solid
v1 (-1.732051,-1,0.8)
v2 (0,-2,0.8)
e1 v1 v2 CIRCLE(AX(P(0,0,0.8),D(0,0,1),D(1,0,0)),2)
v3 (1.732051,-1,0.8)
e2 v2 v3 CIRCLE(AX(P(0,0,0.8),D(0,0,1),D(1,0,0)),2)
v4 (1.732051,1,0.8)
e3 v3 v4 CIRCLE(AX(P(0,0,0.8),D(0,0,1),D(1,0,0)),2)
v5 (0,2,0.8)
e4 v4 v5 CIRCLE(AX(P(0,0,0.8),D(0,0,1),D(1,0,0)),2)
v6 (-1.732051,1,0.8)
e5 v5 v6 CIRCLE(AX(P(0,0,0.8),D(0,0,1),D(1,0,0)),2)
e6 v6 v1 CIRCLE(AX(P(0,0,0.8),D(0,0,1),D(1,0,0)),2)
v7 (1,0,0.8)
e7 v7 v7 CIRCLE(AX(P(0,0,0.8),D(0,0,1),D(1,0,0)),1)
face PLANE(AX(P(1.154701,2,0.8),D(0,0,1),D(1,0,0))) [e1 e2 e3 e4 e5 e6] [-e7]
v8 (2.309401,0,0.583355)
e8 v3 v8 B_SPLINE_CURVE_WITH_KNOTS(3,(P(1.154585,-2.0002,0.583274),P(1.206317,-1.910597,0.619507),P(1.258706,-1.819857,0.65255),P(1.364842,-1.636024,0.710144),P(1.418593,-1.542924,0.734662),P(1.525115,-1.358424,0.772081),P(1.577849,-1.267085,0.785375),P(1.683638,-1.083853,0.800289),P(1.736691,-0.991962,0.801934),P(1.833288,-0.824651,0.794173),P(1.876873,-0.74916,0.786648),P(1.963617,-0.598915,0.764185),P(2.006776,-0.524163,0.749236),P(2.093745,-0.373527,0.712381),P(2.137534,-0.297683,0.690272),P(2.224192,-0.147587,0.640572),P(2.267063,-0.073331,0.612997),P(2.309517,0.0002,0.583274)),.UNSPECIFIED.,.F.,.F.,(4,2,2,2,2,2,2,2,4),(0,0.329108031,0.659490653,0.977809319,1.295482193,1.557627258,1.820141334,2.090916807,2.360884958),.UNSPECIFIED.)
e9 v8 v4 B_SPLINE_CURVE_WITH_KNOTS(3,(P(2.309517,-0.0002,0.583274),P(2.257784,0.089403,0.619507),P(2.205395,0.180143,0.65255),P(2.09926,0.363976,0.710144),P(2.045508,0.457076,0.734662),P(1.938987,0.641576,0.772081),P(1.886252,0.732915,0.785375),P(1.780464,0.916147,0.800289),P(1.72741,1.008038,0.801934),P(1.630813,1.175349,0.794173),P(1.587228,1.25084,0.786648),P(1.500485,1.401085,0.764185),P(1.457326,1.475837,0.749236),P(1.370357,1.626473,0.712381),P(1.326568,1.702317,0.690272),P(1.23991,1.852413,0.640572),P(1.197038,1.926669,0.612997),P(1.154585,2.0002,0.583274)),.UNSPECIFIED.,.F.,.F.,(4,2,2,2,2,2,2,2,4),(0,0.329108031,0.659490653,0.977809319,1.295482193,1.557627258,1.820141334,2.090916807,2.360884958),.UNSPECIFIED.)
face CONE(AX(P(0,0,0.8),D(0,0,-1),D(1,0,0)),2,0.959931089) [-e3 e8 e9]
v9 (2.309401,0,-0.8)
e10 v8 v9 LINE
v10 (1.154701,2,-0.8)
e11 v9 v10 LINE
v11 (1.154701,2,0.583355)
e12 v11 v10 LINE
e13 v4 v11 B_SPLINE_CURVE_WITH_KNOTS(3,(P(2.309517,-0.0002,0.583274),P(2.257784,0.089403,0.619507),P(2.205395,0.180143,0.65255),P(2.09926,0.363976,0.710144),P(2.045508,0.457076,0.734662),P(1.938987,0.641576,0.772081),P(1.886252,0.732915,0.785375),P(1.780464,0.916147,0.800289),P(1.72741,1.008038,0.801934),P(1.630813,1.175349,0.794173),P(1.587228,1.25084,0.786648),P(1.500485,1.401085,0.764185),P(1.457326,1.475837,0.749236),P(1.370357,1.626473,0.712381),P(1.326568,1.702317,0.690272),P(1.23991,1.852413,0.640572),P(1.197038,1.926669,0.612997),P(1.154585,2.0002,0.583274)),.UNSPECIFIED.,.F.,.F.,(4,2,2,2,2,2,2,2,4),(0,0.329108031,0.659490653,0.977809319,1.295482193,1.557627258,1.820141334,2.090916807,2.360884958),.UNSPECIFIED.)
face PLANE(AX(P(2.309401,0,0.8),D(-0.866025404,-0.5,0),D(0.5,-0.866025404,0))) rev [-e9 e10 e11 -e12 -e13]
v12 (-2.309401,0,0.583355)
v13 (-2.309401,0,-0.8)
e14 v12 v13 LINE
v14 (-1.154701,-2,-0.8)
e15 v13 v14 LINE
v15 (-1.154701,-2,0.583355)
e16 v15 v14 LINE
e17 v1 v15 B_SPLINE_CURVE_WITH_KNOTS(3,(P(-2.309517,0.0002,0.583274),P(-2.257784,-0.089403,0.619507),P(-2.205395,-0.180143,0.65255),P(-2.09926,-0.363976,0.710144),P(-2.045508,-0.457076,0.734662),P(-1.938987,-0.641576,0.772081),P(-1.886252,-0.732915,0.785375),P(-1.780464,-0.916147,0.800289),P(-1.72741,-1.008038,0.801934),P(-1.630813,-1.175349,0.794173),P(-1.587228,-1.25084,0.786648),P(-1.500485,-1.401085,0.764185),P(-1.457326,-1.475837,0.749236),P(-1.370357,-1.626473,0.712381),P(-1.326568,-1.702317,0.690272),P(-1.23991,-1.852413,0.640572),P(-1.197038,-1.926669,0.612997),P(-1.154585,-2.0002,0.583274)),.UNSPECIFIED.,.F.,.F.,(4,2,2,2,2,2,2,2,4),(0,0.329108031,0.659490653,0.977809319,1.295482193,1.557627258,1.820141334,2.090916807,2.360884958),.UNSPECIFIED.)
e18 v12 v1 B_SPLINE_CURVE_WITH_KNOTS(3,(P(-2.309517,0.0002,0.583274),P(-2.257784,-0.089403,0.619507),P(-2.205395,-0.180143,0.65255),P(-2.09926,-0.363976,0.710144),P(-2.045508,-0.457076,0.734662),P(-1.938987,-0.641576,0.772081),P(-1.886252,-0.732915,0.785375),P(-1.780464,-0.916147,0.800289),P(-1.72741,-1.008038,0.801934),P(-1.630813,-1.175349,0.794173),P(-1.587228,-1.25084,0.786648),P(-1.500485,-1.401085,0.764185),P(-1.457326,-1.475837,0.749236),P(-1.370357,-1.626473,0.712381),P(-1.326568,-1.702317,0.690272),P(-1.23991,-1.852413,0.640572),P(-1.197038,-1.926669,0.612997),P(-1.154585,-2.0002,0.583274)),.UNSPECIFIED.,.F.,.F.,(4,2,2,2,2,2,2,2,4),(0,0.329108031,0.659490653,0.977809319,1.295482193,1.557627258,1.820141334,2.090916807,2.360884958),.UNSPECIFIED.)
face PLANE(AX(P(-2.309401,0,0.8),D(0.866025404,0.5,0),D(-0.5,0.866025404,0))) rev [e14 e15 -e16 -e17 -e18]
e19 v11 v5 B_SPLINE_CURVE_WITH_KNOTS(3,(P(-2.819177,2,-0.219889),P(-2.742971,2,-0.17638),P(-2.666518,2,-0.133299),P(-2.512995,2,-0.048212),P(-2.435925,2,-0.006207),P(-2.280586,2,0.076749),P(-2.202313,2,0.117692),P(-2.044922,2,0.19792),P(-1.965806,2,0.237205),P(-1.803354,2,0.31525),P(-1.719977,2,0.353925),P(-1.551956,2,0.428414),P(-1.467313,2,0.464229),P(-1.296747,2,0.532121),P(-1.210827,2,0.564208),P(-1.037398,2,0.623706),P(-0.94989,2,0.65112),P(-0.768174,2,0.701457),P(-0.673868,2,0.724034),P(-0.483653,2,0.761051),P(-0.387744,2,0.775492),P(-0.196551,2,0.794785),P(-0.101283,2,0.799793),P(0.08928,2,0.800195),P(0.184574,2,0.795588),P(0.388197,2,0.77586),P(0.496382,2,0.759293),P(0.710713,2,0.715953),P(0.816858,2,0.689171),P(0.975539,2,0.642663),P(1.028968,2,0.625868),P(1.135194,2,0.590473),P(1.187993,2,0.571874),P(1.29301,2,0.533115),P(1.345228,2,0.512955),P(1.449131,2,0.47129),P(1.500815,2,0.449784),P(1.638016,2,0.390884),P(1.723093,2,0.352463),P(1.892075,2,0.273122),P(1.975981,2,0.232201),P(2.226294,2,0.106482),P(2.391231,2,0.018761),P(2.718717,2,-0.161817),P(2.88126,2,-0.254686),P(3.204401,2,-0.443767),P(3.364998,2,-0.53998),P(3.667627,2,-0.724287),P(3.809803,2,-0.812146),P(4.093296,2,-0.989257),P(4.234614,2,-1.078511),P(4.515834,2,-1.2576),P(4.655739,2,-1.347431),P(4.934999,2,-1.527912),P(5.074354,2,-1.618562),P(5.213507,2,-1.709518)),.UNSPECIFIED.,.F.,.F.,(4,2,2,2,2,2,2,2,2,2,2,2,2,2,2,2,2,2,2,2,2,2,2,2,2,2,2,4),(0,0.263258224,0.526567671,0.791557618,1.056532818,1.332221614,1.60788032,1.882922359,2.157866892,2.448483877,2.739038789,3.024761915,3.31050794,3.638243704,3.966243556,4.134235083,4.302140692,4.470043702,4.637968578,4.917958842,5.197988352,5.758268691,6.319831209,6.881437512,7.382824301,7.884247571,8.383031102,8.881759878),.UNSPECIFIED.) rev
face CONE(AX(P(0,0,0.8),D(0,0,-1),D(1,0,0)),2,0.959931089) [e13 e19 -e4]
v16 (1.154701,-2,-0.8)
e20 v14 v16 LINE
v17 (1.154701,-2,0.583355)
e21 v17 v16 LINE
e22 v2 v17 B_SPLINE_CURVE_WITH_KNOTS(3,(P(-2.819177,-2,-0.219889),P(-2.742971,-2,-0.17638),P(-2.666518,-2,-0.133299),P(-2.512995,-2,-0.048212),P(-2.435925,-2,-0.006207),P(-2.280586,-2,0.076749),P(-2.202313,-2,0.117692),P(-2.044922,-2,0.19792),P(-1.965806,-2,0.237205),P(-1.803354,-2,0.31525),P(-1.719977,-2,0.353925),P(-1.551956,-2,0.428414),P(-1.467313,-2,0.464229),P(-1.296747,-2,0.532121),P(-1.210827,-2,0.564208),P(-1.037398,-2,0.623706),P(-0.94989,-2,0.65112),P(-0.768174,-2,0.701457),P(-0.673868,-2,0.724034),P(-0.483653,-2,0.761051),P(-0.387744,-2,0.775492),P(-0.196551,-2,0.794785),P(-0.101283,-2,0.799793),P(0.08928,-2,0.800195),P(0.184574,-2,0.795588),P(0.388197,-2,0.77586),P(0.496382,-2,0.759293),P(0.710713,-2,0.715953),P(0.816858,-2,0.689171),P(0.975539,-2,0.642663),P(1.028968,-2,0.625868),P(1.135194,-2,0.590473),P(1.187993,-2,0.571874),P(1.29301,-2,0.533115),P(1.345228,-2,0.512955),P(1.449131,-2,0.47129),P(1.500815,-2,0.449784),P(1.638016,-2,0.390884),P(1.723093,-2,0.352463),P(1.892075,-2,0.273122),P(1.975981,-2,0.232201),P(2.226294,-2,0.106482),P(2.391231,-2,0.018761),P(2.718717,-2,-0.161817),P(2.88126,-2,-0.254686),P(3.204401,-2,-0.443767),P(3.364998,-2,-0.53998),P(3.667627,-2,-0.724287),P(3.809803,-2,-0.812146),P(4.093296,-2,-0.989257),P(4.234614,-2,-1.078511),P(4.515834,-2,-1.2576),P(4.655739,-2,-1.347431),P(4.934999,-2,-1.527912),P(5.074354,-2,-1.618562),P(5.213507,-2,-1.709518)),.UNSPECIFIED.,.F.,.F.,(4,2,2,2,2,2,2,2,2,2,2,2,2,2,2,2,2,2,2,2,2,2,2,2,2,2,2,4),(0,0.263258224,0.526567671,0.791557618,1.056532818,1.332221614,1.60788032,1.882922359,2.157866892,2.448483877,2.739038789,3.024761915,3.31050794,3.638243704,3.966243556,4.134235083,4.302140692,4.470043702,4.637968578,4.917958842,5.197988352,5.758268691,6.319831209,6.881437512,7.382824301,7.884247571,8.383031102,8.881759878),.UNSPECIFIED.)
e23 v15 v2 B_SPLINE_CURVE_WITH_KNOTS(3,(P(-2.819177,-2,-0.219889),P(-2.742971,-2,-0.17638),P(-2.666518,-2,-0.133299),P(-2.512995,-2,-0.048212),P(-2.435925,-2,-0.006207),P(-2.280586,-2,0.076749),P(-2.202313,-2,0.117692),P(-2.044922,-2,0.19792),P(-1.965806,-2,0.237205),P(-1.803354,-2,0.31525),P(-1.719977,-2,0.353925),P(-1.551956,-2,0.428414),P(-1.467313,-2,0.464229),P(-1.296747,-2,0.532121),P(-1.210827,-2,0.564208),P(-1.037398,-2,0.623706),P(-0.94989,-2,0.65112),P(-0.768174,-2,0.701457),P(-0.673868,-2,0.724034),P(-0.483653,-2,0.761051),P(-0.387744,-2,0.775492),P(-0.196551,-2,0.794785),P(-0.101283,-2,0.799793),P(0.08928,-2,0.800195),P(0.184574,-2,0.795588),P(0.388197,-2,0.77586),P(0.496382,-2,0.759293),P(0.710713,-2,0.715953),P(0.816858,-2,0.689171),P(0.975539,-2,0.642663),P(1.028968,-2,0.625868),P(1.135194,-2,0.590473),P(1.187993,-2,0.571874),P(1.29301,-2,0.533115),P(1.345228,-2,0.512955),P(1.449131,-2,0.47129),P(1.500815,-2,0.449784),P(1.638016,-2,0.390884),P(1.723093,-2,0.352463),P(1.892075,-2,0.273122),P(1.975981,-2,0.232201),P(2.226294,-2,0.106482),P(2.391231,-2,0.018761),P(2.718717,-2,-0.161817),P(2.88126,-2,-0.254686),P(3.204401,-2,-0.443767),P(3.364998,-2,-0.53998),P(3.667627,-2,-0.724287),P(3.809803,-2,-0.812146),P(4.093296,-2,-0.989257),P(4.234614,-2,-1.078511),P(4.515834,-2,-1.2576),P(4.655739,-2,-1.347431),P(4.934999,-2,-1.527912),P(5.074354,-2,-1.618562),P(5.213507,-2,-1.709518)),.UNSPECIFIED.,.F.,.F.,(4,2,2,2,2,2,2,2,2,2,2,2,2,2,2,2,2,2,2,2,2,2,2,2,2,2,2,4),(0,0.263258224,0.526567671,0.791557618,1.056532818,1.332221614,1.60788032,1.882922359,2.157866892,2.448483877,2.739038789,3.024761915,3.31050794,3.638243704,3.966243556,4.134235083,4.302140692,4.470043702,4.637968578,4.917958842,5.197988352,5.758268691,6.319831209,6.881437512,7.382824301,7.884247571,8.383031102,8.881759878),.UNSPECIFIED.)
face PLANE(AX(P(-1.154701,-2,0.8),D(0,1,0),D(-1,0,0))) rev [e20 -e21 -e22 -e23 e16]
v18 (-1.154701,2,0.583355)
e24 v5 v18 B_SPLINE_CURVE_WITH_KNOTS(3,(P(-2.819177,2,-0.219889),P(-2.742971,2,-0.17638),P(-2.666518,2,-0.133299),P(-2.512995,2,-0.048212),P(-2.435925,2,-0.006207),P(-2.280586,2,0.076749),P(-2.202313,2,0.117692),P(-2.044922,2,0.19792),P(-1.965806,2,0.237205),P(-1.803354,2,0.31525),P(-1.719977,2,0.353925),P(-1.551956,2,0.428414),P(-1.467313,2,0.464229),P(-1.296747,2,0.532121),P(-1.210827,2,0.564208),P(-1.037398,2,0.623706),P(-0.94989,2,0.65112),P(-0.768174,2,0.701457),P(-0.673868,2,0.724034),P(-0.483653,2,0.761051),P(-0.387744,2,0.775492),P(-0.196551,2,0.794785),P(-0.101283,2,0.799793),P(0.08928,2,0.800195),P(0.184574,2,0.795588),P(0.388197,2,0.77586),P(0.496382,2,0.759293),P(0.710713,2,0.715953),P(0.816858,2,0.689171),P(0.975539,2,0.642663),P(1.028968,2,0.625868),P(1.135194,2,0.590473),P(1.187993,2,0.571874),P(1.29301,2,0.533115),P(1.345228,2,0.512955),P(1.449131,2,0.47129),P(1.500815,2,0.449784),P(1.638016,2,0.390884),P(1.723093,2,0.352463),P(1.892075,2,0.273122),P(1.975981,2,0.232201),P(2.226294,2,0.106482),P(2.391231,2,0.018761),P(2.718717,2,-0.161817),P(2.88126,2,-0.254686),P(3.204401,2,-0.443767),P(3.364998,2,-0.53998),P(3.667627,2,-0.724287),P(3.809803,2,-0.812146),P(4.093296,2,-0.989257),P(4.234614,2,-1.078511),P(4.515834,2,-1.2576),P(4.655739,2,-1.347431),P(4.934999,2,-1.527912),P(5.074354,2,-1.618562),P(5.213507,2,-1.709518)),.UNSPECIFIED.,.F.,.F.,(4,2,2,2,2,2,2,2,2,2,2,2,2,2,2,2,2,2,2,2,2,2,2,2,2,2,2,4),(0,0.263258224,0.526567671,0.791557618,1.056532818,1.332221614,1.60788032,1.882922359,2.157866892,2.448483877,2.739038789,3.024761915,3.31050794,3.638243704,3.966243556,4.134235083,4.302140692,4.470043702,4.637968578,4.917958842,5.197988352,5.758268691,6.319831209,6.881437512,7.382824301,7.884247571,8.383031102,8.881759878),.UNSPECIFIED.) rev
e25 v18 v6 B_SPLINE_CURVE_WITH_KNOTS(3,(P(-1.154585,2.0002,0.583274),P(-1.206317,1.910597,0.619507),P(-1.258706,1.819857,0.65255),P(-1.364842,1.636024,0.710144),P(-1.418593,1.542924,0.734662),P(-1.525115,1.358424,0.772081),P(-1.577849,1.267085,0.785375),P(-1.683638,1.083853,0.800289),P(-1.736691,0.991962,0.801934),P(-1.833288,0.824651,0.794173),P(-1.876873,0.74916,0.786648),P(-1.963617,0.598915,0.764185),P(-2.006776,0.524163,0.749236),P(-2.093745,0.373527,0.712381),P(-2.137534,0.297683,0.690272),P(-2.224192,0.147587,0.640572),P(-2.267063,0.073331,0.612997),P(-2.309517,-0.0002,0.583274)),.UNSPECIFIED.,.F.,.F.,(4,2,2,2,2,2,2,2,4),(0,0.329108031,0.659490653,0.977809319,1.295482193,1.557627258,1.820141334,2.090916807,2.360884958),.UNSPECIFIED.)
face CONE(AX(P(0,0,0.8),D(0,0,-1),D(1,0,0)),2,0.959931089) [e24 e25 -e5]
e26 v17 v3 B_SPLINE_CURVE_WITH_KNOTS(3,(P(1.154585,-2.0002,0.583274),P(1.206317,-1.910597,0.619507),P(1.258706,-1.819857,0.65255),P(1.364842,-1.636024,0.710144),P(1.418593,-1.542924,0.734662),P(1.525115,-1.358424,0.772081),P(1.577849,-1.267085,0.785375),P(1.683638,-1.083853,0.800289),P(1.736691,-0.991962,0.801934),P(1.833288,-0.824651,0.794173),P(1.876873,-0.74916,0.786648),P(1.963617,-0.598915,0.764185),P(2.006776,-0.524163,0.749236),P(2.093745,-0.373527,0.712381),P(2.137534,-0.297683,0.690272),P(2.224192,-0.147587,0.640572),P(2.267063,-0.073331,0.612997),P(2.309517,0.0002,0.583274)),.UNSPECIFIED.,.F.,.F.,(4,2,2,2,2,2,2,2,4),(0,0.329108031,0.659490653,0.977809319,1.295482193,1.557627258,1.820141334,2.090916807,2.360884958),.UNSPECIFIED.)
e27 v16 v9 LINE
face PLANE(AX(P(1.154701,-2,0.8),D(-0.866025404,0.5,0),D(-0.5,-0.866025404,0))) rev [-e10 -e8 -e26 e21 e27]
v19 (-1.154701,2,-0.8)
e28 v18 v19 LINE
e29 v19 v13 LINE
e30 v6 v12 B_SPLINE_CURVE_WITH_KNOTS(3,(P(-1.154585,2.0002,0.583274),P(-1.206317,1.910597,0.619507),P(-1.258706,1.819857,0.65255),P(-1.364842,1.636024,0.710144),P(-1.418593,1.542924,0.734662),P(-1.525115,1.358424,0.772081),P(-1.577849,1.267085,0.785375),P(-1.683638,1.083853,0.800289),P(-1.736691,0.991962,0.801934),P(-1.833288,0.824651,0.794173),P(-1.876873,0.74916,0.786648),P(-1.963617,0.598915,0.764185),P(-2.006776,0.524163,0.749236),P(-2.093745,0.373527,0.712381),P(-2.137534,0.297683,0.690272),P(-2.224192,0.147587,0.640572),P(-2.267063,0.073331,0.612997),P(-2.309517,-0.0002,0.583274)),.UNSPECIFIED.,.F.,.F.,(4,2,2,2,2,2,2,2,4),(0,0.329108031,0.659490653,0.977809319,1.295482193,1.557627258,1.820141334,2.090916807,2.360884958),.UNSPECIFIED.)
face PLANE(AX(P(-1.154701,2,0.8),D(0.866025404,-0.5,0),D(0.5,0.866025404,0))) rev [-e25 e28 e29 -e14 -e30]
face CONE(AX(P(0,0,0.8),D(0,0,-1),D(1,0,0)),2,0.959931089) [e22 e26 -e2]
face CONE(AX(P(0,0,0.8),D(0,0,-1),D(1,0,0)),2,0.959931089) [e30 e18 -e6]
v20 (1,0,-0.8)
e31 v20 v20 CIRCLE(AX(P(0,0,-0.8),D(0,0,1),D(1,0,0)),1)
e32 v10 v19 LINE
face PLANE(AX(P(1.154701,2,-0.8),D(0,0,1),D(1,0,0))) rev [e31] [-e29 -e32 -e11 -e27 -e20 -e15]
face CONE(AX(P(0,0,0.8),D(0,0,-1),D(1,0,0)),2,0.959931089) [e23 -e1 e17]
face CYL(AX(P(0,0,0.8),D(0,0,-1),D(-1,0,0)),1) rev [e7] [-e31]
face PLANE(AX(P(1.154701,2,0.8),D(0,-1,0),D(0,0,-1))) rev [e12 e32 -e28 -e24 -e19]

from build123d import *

# Parameters (mm, degrees)
SKETCH_2_R          = 1
EXTRUDE_1_DEPTH     = 0.8
CUT_EXTRUDE_START   = 0.8
SKETCH_4_R          = 2.618802154
SKETCH_4_R_2        = 2
CUT_EXTRUDE_1_DEPTH = 1
CUT_EXTRUDE_1_DRAFT = -55


with BuildPart() as part:
    # 草图2 → 凸台-拉伸1 (new, symmetric)
    with BuildSketch(Plane.XY):
        Polygon((1.154700538, 2), (-1.154700538, 2), (-2.309401077, 0), (-1.154700538, -2), (1.154700538, -2), (2.309401077, 0), align=None)
        Circle(SKETCH_2_R, mode=Mode.SUBTRACT)
    extrude(amount=EXTRUDE_1_DEPTH, both=True)


with BuildPart() as cut_extrude_1_tool:
    # 草图4 → 切除-拉伸1 (with draft: the straight prism first)
    with BuildSketch(Plane.XY.offset(CUT_EXTRUDE_START)):
        Circle(SKETCH_4_R)
        Circle(SKETCH_4_R_2, mode=Mode.SUBTRACT)
    extrude(amount=-CUT_EXTRUDE_1_DEPTH)
    # 切除-拉伸1: the draft: its side faces are tilted about the plane it starts from
    cut_extrude_1_sides = [cut_extrude_1_tool.faces().sort_by_distance(p)[0] for p in [
        (-2.618802154, 0, 0.3),
        (-2, 0, 0.3),
    ]]
    draft(cut_extrude_1_sides, Plane.XY.offset(CUT_EXTRUDE_START), CUT_EXTRUDE_1_DRAFT)


with BuildPart() as part_1:
    add(part.part)

    # 切除-拉伸1: cut by cut_extrude_1_tool
    add(cut_extrude_1_tool.part, mode=Mode.SUBTRACT)


solid = part_1.part
